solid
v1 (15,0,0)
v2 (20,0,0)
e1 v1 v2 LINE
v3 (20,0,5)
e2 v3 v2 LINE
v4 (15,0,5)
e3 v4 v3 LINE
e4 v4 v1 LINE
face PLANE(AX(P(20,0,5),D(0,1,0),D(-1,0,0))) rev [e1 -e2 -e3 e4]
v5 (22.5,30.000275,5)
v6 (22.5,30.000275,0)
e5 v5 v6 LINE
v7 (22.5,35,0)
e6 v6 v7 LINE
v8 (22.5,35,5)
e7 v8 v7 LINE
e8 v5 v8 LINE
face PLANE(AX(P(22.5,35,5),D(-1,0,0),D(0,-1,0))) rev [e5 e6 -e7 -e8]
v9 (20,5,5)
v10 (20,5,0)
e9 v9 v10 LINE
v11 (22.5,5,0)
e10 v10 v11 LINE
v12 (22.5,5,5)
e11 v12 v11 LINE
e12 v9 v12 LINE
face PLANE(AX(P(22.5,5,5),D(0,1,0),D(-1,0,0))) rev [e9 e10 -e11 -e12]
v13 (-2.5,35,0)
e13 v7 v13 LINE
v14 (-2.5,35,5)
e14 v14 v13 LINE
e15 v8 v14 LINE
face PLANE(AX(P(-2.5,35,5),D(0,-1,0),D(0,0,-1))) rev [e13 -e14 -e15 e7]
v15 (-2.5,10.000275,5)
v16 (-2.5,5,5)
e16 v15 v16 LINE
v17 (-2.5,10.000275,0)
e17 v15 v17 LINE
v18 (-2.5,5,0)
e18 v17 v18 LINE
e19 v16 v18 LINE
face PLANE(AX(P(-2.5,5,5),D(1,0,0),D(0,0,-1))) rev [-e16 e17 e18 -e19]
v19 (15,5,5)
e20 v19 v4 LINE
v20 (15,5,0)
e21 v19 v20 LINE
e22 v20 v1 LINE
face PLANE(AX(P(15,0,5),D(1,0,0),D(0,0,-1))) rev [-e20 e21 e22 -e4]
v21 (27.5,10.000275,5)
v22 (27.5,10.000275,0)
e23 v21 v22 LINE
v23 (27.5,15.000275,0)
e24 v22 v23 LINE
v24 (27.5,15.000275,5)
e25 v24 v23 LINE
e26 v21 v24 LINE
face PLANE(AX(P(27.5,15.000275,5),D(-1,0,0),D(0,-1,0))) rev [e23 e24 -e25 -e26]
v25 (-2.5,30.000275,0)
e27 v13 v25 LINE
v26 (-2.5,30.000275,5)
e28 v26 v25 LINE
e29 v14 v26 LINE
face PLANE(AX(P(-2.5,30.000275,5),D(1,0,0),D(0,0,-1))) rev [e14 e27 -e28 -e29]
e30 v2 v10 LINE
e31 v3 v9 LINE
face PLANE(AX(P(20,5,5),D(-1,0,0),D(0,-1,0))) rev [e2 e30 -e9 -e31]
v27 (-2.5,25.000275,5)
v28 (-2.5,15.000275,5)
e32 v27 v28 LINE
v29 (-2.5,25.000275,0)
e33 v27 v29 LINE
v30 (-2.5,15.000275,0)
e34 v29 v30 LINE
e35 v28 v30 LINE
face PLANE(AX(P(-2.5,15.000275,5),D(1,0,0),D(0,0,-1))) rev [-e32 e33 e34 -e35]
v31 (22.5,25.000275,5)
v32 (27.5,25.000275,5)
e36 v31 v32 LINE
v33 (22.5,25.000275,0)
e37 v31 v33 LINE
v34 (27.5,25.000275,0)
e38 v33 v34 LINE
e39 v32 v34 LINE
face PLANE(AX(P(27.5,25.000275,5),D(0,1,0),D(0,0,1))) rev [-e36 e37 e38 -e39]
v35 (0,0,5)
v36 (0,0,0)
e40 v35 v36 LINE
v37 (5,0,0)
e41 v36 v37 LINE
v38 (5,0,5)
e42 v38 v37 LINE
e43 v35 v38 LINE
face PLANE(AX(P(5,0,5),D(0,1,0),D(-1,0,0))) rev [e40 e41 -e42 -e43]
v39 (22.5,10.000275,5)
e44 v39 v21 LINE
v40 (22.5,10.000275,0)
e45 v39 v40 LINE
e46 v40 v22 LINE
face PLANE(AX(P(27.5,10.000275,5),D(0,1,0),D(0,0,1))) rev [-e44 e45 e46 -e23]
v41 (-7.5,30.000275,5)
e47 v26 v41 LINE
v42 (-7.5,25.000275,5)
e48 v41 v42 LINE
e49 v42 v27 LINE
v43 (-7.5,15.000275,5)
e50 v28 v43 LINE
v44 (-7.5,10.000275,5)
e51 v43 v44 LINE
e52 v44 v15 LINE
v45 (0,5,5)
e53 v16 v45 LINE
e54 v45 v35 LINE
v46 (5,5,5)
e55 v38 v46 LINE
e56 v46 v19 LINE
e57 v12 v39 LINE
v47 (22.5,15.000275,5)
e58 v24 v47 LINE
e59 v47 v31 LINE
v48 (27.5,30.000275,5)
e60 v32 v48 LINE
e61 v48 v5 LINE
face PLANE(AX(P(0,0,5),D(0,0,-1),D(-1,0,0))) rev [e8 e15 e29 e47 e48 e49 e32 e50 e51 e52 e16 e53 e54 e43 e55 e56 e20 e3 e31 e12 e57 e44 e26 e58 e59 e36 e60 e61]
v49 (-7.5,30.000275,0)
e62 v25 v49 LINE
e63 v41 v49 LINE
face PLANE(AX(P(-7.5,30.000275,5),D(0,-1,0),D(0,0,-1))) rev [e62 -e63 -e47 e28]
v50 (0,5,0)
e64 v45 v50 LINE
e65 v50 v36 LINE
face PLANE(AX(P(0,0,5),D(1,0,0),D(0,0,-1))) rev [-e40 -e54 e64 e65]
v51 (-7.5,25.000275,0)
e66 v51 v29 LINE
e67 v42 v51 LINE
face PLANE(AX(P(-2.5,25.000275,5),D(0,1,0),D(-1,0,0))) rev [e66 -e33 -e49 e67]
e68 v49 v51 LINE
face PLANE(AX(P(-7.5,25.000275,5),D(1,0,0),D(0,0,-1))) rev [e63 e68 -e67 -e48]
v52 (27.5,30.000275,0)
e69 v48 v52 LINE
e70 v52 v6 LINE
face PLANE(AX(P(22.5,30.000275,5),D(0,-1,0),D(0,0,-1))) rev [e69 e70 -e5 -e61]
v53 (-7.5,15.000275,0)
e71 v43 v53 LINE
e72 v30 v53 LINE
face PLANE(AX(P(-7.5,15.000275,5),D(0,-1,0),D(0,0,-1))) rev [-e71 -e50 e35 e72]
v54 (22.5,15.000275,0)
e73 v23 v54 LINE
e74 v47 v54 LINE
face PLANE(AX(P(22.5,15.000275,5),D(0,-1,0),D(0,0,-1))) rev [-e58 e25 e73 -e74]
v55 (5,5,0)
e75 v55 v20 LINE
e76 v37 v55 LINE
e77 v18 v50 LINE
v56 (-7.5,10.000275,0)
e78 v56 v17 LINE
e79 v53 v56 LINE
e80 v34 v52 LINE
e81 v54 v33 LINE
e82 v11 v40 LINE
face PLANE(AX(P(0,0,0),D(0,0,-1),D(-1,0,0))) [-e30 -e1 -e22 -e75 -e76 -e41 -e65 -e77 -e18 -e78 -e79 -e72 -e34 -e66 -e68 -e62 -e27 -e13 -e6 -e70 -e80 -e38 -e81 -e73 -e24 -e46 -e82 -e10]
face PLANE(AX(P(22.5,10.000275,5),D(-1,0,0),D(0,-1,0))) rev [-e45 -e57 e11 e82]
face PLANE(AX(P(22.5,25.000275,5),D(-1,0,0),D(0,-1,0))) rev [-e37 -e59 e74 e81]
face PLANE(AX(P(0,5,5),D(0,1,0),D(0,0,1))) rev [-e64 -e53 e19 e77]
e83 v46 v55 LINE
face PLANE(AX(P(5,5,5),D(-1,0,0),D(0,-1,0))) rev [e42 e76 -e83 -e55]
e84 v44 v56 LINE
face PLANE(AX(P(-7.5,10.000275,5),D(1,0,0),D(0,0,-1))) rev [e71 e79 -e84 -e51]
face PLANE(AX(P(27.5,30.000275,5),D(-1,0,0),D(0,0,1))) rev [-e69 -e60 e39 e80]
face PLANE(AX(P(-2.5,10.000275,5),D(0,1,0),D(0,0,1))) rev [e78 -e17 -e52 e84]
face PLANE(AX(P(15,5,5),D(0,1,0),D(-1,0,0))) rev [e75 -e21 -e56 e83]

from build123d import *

# Parameters (mm, degrees)
BOSS_EXTRUDE1_DEPTH = 5


with BuildPart() as part:
    # Sketch1 → Boss-Extrude1 (new body)
    with BuildSketch(Plane.XY):
        Polygon((0, 0), (0, 5), (-2.5, 5), (-2.5, 10.000274966), (-7.5, 10.000274966), (-7.5, 15.000274966), (-2.5, 15.000274966), (-2.5, 25.000274966), (-7.5, 25.000274966), (-7.5, 30.000274966), (-2.5, 30.000274966), (-2.5, 35), (22.5, 35), (22.5, 30.000274966), (27.5, 30.000274966), (27.5, 25.000274966), (22.5, 25.000274966), (22.5, 15.000274966), (27.5, 15.000274966), (27.5, 10.000274966), (22.5, 10.000274966), (22.5, 5), (20, 5), (20, 0), (15, 0), (15, 5), (5, 5), (5, 0), align=None)
    extrude(amount=BOSS_EXTRUDE1_DEPTH)


solid = part.part
